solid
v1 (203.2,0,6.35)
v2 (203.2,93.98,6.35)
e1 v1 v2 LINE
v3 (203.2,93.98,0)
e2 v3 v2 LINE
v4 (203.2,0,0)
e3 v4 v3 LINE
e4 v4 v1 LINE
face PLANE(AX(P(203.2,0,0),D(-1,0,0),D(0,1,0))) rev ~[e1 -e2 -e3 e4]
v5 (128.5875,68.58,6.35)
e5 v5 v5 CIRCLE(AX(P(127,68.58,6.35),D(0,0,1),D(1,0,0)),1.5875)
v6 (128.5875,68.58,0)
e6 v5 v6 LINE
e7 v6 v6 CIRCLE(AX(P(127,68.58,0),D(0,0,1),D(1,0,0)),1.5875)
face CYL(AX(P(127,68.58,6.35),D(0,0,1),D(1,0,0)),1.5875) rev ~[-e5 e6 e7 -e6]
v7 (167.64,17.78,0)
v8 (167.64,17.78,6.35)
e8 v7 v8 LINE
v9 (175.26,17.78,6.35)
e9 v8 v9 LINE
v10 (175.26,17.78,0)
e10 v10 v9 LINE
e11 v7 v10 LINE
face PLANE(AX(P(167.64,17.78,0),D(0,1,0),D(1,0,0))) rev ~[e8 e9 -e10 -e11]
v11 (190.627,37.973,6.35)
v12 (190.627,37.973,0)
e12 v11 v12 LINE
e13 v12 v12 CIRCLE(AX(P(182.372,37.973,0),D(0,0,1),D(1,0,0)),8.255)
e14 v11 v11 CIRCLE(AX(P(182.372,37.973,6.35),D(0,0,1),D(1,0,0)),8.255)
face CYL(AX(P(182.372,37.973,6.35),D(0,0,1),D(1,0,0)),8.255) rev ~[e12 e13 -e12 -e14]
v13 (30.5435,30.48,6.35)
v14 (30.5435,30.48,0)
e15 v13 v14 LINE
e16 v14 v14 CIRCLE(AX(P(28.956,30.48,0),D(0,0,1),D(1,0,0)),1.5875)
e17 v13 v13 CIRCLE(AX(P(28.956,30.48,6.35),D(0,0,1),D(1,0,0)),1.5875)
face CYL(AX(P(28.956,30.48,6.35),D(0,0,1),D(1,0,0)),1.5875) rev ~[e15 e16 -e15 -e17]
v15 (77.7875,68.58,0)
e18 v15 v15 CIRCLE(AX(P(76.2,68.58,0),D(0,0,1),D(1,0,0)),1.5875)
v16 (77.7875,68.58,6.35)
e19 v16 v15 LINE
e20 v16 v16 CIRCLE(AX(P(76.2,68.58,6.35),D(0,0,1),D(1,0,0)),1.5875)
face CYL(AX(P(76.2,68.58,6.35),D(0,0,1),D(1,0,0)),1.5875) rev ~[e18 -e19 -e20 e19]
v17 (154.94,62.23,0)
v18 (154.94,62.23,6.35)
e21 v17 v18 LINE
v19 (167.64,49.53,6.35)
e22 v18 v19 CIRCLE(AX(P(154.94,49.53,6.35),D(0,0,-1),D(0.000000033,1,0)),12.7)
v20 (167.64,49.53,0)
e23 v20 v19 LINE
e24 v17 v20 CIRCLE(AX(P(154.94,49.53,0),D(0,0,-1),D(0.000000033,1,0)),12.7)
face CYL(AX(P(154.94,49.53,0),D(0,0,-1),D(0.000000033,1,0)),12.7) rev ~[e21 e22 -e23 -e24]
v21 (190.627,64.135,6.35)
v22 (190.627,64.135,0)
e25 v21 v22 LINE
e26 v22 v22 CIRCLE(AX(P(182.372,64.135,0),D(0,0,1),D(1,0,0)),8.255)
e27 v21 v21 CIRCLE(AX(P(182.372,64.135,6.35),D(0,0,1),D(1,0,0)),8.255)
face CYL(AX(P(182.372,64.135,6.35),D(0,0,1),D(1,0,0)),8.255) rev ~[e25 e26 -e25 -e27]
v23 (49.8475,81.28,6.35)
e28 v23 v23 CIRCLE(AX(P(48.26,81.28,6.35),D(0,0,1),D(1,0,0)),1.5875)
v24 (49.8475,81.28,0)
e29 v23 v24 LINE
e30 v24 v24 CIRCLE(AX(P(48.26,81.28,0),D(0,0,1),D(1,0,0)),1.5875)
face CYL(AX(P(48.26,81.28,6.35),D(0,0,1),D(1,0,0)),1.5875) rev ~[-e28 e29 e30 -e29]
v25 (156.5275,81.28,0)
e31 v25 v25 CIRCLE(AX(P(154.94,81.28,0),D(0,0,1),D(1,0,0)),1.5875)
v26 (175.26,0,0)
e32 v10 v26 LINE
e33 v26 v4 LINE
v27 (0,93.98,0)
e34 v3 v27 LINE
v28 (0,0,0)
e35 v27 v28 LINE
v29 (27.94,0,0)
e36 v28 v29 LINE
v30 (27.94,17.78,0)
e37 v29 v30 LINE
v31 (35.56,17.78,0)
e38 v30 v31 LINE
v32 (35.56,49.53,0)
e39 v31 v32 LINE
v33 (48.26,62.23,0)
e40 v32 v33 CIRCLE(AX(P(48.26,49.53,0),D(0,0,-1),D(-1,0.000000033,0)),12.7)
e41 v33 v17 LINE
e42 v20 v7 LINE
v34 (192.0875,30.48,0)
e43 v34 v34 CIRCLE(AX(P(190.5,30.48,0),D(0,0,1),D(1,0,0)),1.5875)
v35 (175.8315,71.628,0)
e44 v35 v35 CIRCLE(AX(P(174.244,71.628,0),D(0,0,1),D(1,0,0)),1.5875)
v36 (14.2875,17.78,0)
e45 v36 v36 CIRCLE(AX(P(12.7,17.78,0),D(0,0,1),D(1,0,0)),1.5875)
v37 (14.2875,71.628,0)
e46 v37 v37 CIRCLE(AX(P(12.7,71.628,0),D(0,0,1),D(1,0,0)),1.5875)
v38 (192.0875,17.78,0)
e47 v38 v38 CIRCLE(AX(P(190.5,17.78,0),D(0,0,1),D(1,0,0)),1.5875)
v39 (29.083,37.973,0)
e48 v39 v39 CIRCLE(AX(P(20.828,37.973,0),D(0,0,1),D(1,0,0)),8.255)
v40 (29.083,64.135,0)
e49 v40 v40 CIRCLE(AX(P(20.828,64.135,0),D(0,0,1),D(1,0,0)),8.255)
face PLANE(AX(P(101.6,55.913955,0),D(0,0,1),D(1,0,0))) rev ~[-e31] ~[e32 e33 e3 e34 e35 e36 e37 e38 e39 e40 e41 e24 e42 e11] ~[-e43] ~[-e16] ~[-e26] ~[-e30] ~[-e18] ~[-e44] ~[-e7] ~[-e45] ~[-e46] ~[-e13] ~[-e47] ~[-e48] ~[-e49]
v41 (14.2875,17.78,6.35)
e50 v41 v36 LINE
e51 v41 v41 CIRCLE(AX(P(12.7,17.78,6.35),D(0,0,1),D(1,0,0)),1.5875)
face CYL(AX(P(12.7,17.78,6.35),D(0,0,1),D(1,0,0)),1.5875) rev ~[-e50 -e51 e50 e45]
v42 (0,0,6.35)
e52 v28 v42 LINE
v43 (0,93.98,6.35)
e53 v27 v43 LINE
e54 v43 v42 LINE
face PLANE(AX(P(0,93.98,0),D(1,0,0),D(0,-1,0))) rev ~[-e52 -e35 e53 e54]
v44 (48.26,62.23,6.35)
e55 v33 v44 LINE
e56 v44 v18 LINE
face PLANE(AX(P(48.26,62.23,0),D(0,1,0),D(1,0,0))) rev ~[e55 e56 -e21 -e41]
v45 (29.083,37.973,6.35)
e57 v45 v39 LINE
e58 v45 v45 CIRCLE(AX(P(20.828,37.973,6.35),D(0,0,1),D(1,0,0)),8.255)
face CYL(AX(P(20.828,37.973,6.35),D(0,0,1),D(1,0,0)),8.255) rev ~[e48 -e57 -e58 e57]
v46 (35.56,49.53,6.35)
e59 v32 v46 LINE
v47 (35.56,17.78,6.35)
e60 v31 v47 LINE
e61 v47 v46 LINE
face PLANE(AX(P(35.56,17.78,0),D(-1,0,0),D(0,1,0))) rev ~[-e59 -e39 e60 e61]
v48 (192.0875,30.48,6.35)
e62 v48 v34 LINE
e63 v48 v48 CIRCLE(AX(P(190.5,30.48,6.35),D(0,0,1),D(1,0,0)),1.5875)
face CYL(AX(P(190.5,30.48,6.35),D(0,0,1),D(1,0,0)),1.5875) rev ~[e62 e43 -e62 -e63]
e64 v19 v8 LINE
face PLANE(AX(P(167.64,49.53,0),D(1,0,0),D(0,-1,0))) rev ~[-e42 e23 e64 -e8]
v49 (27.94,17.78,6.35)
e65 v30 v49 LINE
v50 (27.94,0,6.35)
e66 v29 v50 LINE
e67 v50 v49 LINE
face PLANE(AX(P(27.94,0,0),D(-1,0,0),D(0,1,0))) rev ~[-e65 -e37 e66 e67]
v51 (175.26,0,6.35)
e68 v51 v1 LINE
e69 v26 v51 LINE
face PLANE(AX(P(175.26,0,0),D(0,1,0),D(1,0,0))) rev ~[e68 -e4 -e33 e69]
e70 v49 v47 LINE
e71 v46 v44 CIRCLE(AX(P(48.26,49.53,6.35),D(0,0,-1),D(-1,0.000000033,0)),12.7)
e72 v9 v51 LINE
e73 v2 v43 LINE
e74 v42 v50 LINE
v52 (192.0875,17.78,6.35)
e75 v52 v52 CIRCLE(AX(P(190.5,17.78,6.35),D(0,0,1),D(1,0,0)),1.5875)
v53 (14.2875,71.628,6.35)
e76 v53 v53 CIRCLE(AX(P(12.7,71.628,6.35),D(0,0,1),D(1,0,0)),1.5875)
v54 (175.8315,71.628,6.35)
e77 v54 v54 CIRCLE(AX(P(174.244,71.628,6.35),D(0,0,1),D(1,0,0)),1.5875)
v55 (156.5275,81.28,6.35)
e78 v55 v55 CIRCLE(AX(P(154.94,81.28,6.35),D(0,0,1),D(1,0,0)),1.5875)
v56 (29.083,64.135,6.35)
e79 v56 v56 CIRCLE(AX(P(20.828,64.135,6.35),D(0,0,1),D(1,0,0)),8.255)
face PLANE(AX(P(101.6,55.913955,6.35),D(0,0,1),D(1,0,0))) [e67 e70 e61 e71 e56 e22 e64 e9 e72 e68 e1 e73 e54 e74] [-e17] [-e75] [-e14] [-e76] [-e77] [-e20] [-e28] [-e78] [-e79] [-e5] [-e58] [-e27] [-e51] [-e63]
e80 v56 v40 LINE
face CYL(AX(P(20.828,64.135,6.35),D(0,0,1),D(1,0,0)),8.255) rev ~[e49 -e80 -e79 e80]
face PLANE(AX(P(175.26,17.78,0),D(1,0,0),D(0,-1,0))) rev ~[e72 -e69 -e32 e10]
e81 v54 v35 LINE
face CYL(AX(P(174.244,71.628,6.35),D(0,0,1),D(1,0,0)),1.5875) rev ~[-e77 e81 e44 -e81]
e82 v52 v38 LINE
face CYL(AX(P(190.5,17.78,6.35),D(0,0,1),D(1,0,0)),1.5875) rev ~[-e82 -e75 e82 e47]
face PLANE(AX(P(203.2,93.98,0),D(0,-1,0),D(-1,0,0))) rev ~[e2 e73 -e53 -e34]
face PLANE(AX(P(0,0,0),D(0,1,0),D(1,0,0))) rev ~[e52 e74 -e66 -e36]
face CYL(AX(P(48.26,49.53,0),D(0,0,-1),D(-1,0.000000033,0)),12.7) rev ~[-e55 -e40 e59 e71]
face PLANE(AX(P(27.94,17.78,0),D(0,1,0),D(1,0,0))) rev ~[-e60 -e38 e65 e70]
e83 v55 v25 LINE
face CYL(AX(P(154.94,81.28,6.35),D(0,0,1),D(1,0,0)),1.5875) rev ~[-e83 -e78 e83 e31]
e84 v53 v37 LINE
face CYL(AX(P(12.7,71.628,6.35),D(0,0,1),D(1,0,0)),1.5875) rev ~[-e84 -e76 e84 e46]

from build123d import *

# Parameters (mm, degrees)
F1_DEPTH = 6.35
F2_R     = 1.5875
F2_R_2   = 8.255
F3_DEPTH = 6.35


with BuildPart() as f1:
    # F0 (on Top) → F1 (new body)
    with BuildSketch(Plane.XY):
        with BuildLine():
            Line((0, 93.98), (0, 0))
            Line((0, 0), (27.94, 0))
            Line((27.94, 0), (27.94, 17.78))
            Line((27.94, 17.78), (35.56, 17.78))
            Line((35.56, 17.78), (35.56, 49.53))
            ThreePointArc((35.56, 49.53), (39.279744, 58.510256), (48.26, 62.23))
            Line((48.26, 62.23), (154.94, 62.23))
            ThreePointArc((154.94, 62.23), (163.920256, 58.510256), (167.64, 49.53))
            Line((167.64, 49.53), (167.64, 17.78))
            Line((167.64, 17.78), (175.26, 17.78))
            Line((175.26, 17.78), (175.26, 0))
            Line((175.26, 0), (203.2, 0))
            Line((203.2, 0), (203.2, 93.98))
            Line((203.2, 93.98), (0, 93.98))
        make_face()
    extrude(amount=F1_DEPTH)

    # F2 (on face) → F3 (cut)
    with BuildSketch(Plane.XY.offset(6.35)):
        with Locations((12.7, 17.78)):
            Circle(F2_R)
        with Locations((28.956, 30.48)):
            Circle(F2_R)
        with Locations((20.828, 37.973)):
            Circle(F2_R_2)
        with Locations((20.828, 64.135)):
            Circle(F2_R_2)
        with Locations((12.7, 71.628)):
            Circle(F2_R)
        with Locations((48.26, 81.28)):
            Circle(F2_R)
        with Locations((76.2, 68.58)):
            Circle(F2_R)
        with Locations((127, 68.58)):
            Circle(F2_R)
        with Locations((154.94, 81.28)):
            Circle(F2_R)
        with Locations((174.244, 71.628)):
            Circle(F2_R)
        with Locations((182.372, 64.135)):
            Circle(F2_R_2)
        with Locations((182.372, 37.973)):
            Circle(F2_R_2)
        with Locations((190.5, 30.48)):
            Circle(F2_R)
        with Locations((190.5, 17.78)):
            Circle(F2_R)
    extrude(amount=-F3_DEPTH, mode=Mode.SUBTRACT)


solid = f1.part
